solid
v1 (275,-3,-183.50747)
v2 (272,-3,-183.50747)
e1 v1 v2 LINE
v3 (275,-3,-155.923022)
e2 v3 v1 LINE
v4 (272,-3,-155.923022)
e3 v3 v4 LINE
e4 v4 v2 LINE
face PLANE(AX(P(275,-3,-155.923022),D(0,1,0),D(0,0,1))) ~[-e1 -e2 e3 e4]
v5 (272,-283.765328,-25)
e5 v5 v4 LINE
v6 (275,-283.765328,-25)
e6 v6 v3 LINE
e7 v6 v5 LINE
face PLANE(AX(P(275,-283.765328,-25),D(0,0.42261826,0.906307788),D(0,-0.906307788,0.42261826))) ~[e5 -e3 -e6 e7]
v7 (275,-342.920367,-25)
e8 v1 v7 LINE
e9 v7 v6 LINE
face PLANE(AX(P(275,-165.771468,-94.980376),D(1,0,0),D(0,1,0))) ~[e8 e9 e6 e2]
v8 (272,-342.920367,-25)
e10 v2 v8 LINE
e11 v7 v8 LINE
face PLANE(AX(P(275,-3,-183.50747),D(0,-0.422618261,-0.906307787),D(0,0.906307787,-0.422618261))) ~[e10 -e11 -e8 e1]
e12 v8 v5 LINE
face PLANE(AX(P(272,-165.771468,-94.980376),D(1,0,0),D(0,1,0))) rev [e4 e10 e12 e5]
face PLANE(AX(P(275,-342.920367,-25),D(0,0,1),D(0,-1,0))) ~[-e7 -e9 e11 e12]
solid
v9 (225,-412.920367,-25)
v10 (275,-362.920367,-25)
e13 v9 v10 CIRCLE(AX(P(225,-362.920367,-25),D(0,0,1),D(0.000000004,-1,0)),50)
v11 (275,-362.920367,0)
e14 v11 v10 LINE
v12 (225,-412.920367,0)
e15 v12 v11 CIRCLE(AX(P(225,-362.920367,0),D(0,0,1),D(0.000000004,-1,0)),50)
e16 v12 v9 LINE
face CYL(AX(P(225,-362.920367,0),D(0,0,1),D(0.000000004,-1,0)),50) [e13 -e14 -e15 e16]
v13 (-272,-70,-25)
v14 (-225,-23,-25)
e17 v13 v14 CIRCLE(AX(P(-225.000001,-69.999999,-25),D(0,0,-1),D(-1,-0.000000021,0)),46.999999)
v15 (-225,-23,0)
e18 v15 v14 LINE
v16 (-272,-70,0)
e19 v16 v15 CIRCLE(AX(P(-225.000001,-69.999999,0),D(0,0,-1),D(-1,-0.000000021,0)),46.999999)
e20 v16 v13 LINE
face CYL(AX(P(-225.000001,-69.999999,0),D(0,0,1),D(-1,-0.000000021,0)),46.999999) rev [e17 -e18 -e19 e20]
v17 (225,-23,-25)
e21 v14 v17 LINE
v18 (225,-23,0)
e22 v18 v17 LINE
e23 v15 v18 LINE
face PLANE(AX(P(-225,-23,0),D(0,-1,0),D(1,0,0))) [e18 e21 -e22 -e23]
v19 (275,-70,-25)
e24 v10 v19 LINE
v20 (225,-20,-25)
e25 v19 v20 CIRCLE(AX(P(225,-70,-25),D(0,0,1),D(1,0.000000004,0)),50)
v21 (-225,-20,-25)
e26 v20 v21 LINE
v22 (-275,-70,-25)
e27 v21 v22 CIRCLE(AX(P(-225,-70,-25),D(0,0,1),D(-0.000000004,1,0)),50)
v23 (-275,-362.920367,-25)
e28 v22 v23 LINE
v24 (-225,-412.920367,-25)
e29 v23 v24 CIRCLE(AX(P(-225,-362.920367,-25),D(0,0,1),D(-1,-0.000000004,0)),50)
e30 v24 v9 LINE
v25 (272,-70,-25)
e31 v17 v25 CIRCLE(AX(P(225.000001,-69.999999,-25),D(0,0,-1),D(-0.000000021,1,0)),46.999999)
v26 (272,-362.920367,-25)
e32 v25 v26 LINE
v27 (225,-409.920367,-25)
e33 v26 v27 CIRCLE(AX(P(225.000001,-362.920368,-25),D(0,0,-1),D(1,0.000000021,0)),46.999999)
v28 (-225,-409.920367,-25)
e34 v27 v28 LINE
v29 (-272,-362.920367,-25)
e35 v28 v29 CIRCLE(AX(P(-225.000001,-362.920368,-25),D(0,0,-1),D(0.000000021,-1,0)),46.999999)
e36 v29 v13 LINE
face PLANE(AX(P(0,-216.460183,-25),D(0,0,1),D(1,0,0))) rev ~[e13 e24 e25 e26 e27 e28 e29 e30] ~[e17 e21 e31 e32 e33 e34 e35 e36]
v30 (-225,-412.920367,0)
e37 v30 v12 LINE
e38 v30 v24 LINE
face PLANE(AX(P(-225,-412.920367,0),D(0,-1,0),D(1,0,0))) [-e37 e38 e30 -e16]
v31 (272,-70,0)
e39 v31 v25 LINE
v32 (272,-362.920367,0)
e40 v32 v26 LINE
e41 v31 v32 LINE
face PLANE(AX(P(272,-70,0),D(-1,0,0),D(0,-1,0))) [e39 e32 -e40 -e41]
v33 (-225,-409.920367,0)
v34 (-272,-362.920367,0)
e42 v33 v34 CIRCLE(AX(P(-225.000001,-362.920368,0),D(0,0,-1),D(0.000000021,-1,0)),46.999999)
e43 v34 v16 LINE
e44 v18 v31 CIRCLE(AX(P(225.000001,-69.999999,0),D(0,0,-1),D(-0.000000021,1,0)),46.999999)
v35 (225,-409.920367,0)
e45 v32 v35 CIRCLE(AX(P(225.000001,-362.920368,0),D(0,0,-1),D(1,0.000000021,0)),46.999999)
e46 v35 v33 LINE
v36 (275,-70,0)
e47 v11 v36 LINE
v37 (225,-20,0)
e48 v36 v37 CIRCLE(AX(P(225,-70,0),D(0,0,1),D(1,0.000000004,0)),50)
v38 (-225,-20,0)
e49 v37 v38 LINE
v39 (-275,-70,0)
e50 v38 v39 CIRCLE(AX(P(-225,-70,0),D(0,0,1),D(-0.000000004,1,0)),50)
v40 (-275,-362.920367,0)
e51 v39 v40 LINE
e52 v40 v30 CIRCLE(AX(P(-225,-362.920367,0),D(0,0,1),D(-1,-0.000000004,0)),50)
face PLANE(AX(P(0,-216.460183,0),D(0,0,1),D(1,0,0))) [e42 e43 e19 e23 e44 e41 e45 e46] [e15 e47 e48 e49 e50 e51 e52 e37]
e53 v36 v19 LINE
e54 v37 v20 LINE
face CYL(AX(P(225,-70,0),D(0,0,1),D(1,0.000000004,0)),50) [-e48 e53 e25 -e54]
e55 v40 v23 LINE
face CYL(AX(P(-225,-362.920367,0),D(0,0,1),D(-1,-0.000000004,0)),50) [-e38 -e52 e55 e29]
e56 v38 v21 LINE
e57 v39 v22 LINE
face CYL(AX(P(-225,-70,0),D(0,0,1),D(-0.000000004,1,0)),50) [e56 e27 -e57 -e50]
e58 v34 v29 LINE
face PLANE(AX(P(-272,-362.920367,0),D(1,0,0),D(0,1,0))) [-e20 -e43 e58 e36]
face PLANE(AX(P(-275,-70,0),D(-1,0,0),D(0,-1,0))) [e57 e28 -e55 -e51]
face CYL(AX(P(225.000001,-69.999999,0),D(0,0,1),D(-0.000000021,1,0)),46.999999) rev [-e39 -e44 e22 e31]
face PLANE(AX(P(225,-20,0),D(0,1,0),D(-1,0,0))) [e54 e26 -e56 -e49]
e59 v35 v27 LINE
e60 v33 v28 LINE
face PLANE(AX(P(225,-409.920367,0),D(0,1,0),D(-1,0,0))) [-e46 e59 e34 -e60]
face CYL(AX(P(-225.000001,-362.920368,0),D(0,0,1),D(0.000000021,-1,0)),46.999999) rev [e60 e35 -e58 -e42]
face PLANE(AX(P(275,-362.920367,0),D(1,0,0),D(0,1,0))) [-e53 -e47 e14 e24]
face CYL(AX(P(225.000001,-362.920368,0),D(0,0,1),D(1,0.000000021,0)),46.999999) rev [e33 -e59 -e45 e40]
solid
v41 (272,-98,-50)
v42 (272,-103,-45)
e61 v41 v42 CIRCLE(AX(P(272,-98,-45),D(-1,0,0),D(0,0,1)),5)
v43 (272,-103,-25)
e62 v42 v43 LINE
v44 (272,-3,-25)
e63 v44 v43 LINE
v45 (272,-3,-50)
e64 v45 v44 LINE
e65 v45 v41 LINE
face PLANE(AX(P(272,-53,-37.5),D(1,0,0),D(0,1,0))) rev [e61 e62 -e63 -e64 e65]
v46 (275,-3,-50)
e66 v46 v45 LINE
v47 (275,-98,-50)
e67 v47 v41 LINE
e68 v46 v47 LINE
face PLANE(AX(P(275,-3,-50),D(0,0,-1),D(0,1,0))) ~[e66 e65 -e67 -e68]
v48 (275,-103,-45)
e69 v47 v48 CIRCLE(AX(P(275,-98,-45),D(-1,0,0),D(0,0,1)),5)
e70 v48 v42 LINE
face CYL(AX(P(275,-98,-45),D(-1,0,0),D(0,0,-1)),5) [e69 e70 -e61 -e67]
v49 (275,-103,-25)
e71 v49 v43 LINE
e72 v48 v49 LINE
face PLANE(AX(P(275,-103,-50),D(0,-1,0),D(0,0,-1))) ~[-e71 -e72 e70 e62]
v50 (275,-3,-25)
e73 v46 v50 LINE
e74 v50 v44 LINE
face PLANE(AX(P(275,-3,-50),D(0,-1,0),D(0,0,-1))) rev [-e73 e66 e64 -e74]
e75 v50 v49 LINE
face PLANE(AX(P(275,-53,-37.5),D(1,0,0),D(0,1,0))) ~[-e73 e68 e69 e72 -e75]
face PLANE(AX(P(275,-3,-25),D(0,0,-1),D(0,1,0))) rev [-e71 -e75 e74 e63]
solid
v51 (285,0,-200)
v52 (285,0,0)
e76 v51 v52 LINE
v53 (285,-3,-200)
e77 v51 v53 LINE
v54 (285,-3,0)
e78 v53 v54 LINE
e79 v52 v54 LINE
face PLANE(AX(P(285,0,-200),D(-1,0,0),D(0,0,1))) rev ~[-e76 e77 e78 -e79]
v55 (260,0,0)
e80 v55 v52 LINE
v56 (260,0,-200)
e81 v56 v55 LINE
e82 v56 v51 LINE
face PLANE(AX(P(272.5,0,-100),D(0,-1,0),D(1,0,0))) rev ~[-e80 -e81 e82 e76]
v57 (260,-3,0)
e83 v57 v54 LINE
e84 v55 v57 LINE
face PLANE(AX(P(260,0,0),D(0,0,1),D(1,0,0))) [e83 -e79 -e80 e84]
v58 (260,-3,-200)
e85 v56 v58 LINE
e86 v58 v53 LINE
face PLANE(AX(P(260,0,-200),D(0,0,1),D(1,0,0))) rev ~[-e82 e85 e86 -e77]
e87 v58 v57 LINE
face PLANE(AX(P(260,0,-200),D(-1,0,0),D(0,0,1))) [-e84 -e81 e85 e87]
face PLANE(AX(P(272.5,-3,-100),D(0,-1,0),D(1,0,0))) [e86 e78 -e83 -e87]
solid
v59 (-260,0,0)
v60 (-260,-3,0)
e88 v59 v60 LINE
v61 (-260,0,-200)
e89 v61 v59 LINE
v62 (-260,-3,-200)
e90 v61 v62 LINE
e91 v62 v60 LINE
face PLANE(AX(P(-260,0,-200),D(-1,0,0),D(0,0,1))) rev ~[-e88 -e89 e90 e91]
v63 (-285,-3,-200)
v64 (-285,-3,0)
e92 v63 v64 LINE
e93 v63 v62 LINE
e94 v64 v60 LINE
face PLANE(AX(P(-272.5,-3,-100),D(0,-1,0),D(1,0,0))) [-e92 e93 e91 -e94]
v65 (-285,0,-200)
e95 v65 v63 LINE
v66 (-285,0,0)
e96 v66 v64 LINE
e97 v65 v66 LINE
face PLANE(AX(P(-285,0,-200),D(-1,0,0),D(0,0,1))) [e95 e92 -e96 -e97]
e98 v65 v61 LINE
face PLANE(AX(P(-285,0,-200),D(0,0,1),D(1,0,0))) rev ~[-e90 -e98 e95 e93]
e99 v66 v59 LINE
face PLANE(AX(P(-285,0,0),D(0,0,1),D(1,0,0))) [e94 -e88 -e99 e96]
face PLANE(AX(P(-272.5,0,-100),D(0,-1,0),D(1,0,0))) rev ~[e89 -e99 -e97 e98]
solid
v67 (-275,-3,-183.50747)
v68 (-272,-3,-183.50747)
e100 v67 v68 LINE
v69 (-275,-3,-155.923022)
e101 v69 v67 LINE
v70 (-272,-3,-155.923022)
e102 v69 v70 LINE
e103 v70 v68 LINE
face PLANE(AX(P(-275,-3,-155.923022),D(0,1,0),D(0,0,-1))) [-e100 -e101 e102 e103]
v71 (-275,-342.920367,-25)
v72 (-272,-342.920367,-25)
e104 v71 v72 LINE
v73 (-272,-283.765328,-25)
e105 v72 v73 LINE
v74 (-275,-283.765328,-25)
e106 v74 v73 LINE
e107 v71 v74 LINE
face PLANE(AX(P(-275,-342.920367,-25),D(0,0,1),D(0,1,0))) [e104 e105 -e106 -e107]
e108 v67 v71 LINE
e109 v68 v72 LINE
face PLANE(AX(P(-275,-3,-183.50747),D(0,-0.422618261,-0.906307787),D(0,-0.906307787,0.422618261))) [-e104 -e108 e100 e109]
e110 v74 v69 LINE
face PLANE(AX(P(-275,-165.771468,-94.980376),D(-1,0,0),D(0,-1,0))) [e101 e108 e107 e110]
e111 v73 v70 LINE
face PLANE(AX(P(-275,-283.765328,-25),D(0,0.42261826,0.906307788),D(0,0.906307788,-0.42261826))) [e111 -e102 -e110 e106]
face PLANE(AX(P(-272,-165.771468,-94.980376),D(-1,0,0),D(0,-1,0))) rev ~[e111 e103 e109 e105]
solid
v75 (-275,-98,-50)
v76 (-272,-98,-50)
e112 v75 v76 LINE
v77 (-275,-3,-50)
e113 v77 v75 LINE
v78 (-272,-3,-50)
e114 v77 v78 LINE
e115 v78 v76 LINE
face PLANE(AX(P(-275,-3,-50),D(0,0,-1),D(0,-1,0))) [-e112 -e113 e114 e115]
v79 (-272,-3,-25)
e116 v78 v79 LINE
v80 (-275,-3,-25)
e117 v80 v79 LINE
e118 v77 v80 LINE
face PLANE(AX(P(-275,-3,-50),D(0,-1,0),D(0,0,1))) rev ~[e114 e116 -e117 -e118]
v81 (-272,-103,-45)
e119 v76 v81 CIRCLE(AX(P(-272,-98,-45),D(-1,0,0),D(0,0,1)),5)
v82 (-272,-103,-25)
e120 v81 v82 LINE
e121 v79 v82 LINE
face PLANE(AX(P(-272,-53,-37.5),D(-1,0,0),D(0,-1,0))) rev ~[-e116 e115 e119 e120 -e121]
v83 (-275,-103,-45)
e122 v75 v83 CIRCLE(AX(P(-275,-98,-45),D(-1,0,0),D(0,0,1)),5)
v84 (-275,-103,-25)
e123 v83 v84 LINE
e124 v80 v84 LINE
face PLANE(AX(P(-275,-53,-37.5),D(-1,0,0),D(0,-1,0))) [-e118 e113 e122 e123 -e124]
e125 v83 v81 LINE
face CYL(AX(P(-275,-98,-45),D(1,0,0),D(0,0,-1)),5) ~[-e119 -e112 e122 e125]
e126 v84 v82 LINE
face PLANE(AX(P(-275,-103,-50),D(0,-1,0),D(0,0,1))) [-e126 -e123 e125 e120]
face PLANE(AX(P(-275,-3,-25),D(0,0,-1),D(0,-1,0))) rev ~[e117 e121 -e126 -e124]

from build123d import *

# Parameters (mm, degrees)
F1_DEPTH = 25
F2_W     = 25
F2_H     = 200
F3_DEPTH = 3
F4_W     = 100
F4_H     = 25
F5_DEPTH = 3
F6_R     = 5


with BuildPart() as f1:
    # F0 (on Top) → F1 (new body)
    with BuildSketch(Plane.XY):
        with BuildLine():
            Line((225, -20), (-225, -20))
            ThreePointArc((-225, -20), (-260.355339, -34.644661), (-275, -70))
            Line((-275, -70), (-275, -362.920367))
            ThreePointArc((-275, -362.920367), (-260.355339, -398.275706), (-225, -412.920367))
            Line((-225, -412.920367), (225, -412.920367))
            ThreePointArc((225, -412.920367), (260.355339, -398.275706), (275, -362.920367))
            Line((275, -362.920367), (275, -70))
            ThreePointArc((275, -70), (260.355339, -34.644661), (225, -20))
        make_face()
        with BuildLine():
            ThreePointArc((-272, -70), (-258.234019, -36.765981), (-225, -23))
            Line((-225, -23), (225, -23))
            ThreePointArc((225, -23), (258.234019, -36.765981), (272, -70))
            Line((272, -70), (272, -362.920367))
            ThreePointArc((272, -362.920367), (258.234019, -396.154386), (225, -409.920367))
            Line((225, -409.920367), (-225, -409.920367))
            ThreePointArc((-225, -409.920367), (-258.234019, -396.154386), (-272, -362.920367))
            Line((-272, -362.920367), (-272, -70))
        make_face(mode=Mode.SUBTRACT)
    extrude(amount=-F1_DEPTH)


with BuildPart() as f3:
    # F2 (on Front) → F3 (new body)
    with BuildSketch(Plane.XZ):
        with Locations((-272.5, -100)):
            Rectangle(F2_W, F2_H)
        with Locations((272.5, -100)):
            Rectangle(F2_W, F2_H)
    extrude(amount=F3_DEPTH)


with BuildPart() as f5:
    # F4 (on face) → F5 (new body)
    with BuildSketch(Plane(origin=(-275, 0, 0), x_dir=(0, -1, 0), z_dir=(-1, 0, 0))):
        with Locations((53, -37.5)):
            Rectangle(F4_W, F4_H)
        Polygon((283.765328, -25), (3, -155.923022), (3, -183.50747), (342.920367, -25), align=None)
    extrude(amount=-F5_DEPTH)

    # F6
    f6_edges = [f5.edges().sort_by_distance(p)[0] for p in [
        (-273.5, -103, -50),
    ]]
    fillet(f6_edges, radius=F6_R)


with BuildPart() as f7_1:
    # F7: instance of F5
    add(f5.part.mirror(Plane.YZ))


solid = Compound([f1.part, f3.part, f5.part, f7_1.part])
